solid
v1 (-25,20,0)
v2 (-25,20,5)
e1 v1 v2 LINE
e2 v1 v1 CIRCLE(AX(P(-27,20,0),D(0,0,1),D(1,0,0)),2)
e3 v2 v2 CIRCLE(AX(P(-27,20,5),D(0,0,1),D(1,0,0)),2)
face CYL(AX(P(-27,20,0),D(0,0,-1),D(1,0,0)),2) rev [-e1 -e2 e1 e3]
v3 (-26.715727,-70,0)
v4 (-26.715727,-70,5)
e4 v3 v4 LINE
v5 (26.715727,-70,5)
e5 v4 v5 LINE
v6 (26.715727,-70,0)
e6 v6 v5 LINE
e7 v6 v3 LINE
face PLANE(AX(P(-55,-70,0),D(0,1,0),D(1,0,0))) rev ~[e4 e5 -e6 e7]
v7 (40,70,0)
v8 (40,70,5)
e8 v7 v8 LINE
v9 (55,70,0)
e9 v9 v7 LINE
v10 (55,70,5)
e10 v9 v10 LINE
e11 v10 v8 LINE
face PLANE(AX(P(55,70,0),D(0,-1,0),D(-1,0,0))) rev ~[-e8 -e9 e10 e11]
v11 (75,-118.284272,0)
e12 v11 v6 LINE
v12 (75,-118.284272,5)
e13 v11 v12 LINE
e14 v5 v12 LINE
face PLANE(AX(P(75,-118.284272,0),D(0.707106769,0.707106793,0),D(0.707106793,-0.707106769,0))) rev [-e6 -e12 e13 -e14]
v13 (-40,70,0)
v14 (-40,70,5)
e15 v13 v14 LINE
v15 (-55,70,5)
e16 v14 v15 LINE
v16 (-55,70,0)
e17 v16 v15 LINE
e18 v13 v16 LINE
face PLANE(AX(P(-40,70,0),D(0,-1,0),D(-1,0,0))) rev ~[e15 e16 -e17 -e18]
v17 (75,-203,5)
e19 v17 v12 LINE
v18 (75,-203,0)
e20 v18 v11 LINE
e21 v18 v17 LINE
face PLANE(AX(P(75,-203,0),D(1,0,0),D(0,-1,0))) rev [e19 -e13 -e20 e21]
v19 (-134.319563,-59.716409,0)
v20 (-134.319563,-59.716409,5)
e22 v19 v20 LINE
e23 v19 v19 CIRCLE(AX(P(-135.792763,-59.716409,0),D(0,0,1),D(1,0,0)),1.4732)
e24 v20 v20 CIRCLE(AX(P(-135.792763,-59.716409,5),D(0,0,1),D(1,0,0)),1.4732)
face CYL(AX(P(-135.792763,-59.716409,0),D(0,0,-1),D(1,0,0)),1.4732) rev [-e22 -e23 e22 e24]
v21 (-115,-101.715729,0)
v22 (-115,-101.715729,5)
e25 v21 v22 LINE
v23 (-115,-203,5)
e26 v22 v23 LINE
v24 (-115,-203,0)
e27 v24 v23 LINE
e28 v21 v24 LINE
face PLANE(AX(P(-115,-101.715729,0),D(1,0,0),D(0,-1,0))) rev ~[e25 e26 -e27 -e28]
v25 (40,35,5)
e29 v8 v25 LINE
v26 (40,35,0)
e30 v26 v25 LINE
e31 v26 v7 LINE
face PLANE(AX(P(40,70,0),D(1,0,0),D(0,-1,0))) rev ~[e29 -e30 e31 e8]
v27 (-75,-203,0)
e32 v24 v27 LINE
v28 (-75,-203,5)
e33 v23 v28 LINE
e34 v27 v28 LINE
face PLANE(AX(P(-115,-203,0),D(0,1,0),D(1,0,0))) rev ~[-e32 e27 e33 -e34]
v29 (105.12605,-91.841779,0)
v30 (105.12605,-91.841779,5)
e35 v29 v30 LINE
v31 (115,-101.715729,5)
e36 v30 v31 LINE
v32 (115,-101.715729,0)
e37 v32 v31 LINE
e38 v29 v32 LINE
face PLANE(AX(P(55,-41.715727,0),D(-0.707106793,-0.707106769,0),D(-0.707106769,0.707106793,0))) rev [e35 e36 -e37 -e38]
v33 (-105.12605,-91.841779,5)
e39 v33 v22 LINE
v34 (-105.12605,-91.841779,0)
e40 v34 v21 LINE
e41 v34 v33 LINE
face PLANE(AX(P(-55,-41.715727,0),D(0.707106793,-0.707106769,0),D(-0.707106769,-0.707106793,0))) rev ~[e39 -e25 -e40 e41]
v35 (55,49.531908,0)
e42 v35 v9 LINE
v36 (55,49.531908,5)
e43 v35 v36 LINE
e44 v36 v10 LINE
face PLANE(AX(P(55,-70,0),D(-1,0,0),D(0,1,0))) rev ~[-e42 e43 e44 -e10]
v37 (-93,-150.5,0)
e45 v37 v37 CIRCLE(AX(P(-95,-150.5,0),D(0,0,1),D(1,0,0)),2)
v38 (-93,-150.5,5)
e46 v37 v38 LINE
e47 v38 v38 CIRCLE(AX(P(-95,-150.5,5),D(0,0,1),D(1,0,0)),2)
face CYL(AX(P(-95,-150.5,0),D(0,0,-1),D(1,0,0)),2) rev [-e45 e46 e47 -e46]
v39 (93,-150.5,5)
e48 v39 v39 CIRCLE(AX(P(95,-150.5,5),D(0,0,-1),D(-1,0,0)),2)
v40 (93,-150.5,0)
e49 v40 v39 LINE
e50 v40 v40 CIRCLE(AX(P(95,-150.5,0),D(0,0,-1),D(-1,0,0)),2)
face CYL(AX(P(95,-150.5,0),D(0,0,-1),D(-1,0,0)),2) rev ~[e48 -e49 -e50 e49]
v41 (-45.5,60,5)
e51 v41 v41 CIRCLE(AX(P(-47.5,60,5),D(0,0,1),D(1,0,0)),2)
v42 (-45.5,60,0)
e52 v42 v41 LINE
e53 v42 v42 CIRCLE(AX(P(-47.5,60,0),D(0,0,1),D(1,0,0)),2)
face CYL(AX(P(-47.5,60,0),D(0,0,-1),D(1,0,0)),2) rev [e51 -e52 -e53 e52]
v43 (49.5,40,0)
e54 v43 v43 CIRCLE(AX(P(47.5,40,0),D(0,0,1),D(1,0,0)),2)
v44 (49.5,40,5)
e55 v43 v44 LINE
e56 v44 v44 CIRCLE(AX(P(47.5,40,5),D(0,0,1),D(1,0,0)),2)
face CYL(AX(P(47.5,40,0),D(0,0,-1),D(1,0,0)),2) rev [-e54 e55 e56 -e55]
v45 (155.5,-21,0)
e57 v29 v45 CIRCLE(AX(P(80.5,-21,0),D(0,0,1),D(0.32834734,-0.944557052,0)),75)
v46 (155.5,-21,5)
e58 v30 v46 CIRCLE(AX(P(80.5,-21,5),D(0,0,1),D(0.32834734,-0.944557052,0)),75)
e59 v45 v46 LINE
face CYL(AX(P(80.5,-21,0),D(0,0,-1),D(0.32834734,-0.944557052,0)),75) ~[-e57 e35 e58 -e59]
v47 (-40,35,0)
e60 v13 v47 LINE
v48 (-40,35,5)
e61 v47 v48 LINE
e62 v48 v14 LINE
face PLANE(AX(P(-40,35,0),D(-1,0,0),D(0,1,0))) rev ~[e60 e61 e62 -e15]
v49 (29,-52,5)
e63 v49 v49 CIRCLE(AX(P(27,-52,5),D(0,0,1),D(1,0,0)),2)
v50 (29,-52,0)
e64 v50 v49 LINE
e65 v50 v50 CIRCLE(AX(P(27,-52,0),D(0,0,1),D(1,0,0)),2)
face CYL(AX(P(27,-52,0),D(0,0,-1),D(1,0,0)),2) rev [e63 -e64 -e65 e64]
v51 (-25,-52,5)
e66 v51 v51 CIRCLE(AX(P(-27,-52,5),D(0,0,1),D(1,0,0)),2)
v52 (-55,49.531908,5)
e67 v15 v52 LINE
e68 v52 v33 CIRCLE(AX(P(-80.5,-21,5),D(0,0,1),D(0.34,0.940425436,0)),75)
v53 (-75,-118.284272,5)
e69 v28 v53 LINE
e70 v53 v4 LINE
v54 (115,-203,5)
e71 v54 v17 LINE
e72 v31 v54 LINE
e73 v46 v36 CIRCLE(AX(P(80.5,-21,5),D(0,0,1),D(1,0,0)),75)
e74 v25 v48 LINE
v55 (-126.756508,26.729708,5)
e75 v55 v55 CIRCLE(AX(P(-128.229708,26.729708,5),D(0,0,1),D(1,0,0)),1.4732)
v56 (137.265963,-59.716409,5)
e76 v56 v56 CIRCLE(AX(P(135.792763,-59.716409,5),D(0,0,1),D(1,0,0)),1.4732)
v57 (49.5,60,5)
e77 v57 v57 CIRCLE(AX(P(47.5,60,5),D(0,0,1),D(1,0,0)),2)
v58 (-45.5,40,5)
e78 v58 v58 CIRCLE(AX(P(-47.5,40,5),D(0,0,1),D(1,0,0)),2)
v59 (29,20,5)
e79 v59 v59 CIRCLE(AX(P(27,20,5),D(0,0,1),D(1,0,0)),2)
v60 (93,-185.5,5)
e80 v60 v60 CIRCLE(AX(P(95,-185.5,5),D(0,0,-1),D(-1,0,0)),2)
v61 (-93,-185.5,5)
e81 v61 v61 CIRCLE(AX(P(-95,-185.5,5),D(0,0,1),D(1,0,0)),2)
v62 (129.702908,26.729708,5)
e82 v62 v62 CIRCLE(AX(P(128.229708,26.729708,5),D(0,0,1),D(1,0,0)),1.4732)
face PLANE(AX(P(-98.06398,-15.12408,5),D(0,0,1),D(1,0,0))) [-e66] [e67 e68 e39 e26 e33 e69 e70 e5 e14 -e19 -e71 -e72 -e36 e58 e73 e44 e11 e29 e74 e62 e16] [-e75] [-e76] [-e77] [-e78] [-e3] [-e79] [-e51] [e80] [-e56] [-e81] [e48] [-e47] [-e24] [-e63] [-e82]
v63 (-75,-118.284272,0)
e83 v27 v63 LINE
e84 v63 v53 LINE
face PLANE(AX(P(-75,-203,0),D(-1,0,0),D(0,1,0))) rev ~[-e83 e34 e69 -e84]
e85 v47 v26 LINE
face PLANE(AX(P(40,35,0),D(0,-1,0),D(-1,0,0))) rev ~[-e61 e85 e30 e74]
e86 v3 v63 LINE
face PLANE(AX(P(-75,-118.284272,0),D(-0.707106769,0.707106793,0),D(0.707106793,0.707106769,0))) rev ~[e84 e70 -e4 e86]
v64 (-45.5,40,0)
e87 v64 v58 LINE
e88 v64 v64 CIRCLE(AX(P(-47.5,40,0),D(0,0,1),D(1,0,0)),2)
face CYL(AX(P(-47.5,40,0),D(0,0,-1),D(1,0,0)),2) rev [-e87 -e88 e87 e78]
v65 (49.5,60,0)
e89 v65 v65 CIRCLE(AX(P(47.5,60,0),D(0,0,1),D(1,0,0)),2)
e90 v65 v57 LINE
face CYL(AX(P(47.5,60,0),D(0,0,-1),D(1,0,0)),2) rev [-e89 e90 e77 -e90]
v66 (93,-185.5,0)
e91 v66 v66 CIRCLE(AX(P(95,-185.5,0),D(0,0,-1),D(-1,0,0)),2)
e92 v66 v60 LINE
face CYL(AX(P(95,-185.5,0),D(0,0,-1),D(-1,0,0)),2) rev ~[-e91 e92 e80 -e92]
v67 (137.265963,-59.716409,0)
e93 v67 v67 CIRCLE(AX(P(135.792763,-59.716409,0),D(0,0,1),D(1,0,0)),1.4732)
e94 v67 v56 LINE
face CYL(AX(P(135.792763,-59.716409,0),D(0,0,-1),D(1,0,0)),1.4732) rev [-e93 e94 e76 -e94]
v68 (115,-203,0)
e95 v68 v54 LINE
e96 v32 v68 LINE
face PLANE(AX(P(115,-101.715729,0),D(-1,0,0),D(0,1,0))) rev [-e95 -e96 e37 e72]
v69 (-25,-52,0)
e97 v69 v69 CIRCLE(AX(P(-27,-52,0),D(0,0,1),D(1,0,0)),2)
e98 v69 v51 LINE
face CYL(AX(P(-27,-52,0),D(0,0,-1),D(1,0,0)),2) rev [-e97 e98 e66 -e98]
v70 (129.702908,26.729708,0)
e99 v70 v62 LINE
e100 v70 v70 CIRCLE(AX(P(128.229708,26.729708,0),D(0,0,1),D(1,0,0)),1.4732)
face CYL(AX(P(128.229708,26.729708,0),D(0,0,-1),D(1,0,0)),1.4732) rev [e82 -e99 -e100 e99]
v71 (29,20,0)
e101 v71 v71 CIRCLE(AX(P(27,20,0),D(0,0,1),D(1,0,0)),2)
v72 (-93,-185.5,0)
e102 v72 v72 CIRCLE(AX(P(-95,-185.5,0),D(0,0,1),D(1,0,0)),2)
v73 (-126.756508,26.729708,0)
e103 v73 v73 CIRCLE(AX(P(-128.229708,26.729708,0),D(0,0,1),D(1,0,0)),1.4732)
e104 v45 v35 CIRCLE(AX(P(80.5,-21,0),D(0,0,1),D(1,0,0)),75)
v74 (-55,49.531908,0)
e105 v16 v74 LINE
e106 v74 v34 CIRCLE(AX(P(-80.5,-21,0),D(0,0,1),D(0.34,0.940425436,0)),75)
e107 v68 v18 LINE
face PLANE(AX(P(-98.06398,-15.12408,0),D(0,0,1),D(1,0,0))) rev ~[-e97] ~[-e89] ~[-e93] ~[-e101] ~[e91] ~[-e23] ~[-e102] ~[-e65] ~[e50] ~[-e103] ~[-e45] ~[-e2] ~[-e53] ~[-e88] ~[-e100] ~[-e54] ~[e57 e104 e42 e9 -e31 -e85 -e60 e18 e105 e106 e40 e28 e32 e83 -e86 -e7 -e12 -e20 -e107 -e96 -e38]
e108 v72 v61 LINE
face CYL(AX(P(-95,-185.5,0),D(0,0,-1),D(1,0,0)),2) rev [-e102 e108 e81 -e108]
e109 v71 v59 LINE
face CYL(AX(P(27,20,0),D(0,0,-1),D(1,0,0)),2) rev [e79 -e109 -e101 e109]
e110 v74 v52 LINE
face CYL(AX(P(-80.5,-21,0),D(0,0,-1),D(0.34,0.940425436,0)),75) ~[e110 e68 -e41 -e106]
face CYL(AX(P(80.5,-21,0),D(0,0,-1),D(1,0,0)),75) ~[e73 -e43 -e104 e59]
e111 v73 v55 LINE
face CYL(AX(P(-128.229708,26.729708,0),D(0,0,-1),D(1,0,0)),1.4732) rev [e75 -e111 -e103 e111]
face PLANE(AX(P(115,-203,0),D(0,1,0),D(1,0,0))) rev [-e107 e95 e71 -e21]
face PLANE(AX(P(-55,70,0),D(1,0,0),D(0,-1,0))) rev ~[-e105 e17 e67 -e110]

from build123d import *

# Parameters (mm, degrees)
SKETCH1_R           = 2
BOSS_EXTRUDE1_DEPTH = 5
SKETCH2_R           = 2
BOSS_EXTRUDE2_DEPTH = 5
BOSS_EXTRUDE3_START = -5
SKETCH3_R           = 1.4732
SKETCH3_R_2         = 2
BOSS_EXTRUDE3_DEPTH = 5


with BuildPart() as part:
    # Sketch1 → Boss-Extrude1 (new body)
    with BuildSketch(Plane.XY):
        Polygon((-40, 70), (-55, 70), (-55, -70), (55, -70), (55, 70), (40, 70), (40, 35), (-40, 35), align=None)
        with Locations((-27, -52)):
            Circle(SKETCH1_R, mode=Mode.SUBTRACT)
        with Locations((27, -52)):
            Circle(SKETCH1_R, mode=Mode.SUBTRACT)
        with Locations((-27, 20)):
            Circle(SKETCH1_R, mode=Mode.SUBTRACT)
        with Locations((-47.5, 40)):
            Circle(SKETCH1_R, mode=Mode.SUBTRACT)
        with Locations((-47.5, 60)):
            Circle(SKETCH1_R, mode=Mode.SUBTRACT)
        with Locations((27, 20)):
            Circle(SKETCH1_R, mode=Mode.SUBTRACT)
        with Locations((47.5, 40)):
            Circle(SKETCH1_R, mode=Mode.SUBTRACT)
        with Locations((47.5, 60)):
            Circle(SKETCH1_R, mode=Mode.SUBTRACT)
    extrude(amount=BOSS_EXTRUDE1_DEPTH)

    # Sketch2 → Boss-Extrude2 (add)
    with BuildSketch(Plane.XY):
        Polygon((-26.715726767, -70), (-55, -41.715726767), (-115, -101.715728753), (-115, -203), (-75, -203), (-75, -118.284271635), align=None)
        with Locations((-95, -185.5)):
            Circle(SKETCH2_R, mode=Mode.SUBTRACT)
        with Locations((-95, -150.5)):
            Circle(SKETCH2_R, mode=Mode.SUBTRACT)
    boss_extrude2 = extrude(amount=BOSS_EXTRUDE2_DEPTH)

    # Mirror1: Boss-Extrude2 across plane
    add(boss_extrude2.mirror(Plane(origin=(0, 0, 0), x_dir=(0, 0, 1), z_dir=(1, 0, 0))))

    # Sketch3 → Boss-Extrude3 (add)
    # profile 1 of 4: a face of its own
    with BuildSketch(Plane.XY.offset(5).offset(BOSS_EXTRUDE3_START)):
        with BuildLine():
            ThreePointArc((-55, 49.531907673), (-151.188193929, 4.063504127), (-105.126050476, -91.841778902))
            Line((-105.126050476, -91.841778902), (-55, -41.715726767))
            Line((-55, -41.715726767), (-55, 49.531907673))
        make_face()
        with Locations((-135.79276299, -59.716409454)):
            Circle(SKETCH3_R, mode=Mode.SUBTRACT)
        with Locations((-128.22970773, 26.72970773)):
            Circle(SKETCH3_R, mode=Mode.SUBTRACT)
    # profile 2 of 4: a face of its own
    with BuildSketch(Plane.XY.offset(5).offset(BOSS_EXTRUDE3_START)):
        with BuildLine():
            ThreePointArc((-105.126050476, -91.841778902), (-72.958779258, -95.619903442), (-42.197872056, -85.482144776))
            Line((-42.197872056, -85.482144776), (-26.715726767, -70))
            Line((-26.715726767, -70), (-23.719721734, -70))
            ThreePointArc((-23.719721734, -70), (-10.202344029, -47.138851639), (-5.5, -21))
            ThreePointArc((-5.5, -21), (-12.064844908, 9.685982916), (-30.610121267, 35))
            Line((-30.610121267, 35), (-40, 35))
            Line((-40, 35), (-40, 42.124876238))
            ThreePointArc((-40, 42.124876238), (-47.292831667, 46.247929123), (-55, 49.531907673))
            Line((-55, 49.531907673), (-55, -41.715726767))
            Line((-55, -41.715726767), (-105.126050476, -91.841778902))
        make_face()
        with Locations((-27, -52)):
            Circle(SKETCH3_R_2, mode=Mode.SUBTRACT)
        with Locations((-27, 20)):
            Circle(SKETCH3_R_2, mode=Mode.SUBTRACT)
        with Locations((-47.5, 40)):
            Circle(SKETCH3_R_2, mode=Mode.SUBTRACT)
    # profile 3 of 4: a face of its own
    with BuildSketch(Plane.XY.offset(5).offset(BOSS_EXTRUDE3_START)):
        with BuildLine():
            ThreePointArc((30.610121267, 35), (5.660968749, -16.088849276), (23.719721734, -70))
            Line((23.719721734, -70), (26.715726767, -70))
            Line((26.715726767, -70), (42.197872056, -85.482144776))
            ThreePointArc((42.197872056, -85.482144776), (72.958779258, -95.619903442), (105.126050476, -91.841778902))
            Line((105.126050476, -91.841778902), (55, -41.715726767))
            Line((55, -41.715726767), (55, 49.531907673))
            ThreePointArc((55, 49.531907673), (47.292831667, 46.247929123), (40, 42.124876238))
            Line((40, 42.124876238), (40, 35))
            Line((40, 35), (30.610121267, 35))
        make_face()
        with Locations((27, -52)):
            Circle(SKETCH3_R_2, mode=Mode.SUBTRACT)
        with Locations((27, 20)):
            Circle(SKETCH3_R_2, mode=Mode.SUBTRACT)
        with Locations((47.5, 40)):
            Circle(SKETCH3_R_2, mode=Mode.SUBTRACT)
    # profile 4 of 4: a face of its own
    with BuildSketch(Plane.XY.offset(5).offset(BOSS_EXTRUDE3_START)):
        with BuildLine():
            Line((55, -41.715726767), (105.126050476, -91.841778902))
            ThreePointArc((105.126050476, -91.841778902), (141.622638137, -64.462893451), (155.5, -21))
            ThreePointArc((155.5, -21), (123.584219849, 40.390145789), (55, 49.531907673))
            Line((55, 49.531907673), (55, -41.715726767))
        make_face()
        with Locations((135.79276299, -59.716409454)):
            Circle(SKETCH3_R, mode=Mode.SUBTRACT)
        with Locations((128.22970773, 26.72970773)):
            Circle(SKETCH3_R, mode=Mode.SUBTRACT)
    extrude(amount=BOSS_EXTRUDE3_DEPTH)


solid = part.part
